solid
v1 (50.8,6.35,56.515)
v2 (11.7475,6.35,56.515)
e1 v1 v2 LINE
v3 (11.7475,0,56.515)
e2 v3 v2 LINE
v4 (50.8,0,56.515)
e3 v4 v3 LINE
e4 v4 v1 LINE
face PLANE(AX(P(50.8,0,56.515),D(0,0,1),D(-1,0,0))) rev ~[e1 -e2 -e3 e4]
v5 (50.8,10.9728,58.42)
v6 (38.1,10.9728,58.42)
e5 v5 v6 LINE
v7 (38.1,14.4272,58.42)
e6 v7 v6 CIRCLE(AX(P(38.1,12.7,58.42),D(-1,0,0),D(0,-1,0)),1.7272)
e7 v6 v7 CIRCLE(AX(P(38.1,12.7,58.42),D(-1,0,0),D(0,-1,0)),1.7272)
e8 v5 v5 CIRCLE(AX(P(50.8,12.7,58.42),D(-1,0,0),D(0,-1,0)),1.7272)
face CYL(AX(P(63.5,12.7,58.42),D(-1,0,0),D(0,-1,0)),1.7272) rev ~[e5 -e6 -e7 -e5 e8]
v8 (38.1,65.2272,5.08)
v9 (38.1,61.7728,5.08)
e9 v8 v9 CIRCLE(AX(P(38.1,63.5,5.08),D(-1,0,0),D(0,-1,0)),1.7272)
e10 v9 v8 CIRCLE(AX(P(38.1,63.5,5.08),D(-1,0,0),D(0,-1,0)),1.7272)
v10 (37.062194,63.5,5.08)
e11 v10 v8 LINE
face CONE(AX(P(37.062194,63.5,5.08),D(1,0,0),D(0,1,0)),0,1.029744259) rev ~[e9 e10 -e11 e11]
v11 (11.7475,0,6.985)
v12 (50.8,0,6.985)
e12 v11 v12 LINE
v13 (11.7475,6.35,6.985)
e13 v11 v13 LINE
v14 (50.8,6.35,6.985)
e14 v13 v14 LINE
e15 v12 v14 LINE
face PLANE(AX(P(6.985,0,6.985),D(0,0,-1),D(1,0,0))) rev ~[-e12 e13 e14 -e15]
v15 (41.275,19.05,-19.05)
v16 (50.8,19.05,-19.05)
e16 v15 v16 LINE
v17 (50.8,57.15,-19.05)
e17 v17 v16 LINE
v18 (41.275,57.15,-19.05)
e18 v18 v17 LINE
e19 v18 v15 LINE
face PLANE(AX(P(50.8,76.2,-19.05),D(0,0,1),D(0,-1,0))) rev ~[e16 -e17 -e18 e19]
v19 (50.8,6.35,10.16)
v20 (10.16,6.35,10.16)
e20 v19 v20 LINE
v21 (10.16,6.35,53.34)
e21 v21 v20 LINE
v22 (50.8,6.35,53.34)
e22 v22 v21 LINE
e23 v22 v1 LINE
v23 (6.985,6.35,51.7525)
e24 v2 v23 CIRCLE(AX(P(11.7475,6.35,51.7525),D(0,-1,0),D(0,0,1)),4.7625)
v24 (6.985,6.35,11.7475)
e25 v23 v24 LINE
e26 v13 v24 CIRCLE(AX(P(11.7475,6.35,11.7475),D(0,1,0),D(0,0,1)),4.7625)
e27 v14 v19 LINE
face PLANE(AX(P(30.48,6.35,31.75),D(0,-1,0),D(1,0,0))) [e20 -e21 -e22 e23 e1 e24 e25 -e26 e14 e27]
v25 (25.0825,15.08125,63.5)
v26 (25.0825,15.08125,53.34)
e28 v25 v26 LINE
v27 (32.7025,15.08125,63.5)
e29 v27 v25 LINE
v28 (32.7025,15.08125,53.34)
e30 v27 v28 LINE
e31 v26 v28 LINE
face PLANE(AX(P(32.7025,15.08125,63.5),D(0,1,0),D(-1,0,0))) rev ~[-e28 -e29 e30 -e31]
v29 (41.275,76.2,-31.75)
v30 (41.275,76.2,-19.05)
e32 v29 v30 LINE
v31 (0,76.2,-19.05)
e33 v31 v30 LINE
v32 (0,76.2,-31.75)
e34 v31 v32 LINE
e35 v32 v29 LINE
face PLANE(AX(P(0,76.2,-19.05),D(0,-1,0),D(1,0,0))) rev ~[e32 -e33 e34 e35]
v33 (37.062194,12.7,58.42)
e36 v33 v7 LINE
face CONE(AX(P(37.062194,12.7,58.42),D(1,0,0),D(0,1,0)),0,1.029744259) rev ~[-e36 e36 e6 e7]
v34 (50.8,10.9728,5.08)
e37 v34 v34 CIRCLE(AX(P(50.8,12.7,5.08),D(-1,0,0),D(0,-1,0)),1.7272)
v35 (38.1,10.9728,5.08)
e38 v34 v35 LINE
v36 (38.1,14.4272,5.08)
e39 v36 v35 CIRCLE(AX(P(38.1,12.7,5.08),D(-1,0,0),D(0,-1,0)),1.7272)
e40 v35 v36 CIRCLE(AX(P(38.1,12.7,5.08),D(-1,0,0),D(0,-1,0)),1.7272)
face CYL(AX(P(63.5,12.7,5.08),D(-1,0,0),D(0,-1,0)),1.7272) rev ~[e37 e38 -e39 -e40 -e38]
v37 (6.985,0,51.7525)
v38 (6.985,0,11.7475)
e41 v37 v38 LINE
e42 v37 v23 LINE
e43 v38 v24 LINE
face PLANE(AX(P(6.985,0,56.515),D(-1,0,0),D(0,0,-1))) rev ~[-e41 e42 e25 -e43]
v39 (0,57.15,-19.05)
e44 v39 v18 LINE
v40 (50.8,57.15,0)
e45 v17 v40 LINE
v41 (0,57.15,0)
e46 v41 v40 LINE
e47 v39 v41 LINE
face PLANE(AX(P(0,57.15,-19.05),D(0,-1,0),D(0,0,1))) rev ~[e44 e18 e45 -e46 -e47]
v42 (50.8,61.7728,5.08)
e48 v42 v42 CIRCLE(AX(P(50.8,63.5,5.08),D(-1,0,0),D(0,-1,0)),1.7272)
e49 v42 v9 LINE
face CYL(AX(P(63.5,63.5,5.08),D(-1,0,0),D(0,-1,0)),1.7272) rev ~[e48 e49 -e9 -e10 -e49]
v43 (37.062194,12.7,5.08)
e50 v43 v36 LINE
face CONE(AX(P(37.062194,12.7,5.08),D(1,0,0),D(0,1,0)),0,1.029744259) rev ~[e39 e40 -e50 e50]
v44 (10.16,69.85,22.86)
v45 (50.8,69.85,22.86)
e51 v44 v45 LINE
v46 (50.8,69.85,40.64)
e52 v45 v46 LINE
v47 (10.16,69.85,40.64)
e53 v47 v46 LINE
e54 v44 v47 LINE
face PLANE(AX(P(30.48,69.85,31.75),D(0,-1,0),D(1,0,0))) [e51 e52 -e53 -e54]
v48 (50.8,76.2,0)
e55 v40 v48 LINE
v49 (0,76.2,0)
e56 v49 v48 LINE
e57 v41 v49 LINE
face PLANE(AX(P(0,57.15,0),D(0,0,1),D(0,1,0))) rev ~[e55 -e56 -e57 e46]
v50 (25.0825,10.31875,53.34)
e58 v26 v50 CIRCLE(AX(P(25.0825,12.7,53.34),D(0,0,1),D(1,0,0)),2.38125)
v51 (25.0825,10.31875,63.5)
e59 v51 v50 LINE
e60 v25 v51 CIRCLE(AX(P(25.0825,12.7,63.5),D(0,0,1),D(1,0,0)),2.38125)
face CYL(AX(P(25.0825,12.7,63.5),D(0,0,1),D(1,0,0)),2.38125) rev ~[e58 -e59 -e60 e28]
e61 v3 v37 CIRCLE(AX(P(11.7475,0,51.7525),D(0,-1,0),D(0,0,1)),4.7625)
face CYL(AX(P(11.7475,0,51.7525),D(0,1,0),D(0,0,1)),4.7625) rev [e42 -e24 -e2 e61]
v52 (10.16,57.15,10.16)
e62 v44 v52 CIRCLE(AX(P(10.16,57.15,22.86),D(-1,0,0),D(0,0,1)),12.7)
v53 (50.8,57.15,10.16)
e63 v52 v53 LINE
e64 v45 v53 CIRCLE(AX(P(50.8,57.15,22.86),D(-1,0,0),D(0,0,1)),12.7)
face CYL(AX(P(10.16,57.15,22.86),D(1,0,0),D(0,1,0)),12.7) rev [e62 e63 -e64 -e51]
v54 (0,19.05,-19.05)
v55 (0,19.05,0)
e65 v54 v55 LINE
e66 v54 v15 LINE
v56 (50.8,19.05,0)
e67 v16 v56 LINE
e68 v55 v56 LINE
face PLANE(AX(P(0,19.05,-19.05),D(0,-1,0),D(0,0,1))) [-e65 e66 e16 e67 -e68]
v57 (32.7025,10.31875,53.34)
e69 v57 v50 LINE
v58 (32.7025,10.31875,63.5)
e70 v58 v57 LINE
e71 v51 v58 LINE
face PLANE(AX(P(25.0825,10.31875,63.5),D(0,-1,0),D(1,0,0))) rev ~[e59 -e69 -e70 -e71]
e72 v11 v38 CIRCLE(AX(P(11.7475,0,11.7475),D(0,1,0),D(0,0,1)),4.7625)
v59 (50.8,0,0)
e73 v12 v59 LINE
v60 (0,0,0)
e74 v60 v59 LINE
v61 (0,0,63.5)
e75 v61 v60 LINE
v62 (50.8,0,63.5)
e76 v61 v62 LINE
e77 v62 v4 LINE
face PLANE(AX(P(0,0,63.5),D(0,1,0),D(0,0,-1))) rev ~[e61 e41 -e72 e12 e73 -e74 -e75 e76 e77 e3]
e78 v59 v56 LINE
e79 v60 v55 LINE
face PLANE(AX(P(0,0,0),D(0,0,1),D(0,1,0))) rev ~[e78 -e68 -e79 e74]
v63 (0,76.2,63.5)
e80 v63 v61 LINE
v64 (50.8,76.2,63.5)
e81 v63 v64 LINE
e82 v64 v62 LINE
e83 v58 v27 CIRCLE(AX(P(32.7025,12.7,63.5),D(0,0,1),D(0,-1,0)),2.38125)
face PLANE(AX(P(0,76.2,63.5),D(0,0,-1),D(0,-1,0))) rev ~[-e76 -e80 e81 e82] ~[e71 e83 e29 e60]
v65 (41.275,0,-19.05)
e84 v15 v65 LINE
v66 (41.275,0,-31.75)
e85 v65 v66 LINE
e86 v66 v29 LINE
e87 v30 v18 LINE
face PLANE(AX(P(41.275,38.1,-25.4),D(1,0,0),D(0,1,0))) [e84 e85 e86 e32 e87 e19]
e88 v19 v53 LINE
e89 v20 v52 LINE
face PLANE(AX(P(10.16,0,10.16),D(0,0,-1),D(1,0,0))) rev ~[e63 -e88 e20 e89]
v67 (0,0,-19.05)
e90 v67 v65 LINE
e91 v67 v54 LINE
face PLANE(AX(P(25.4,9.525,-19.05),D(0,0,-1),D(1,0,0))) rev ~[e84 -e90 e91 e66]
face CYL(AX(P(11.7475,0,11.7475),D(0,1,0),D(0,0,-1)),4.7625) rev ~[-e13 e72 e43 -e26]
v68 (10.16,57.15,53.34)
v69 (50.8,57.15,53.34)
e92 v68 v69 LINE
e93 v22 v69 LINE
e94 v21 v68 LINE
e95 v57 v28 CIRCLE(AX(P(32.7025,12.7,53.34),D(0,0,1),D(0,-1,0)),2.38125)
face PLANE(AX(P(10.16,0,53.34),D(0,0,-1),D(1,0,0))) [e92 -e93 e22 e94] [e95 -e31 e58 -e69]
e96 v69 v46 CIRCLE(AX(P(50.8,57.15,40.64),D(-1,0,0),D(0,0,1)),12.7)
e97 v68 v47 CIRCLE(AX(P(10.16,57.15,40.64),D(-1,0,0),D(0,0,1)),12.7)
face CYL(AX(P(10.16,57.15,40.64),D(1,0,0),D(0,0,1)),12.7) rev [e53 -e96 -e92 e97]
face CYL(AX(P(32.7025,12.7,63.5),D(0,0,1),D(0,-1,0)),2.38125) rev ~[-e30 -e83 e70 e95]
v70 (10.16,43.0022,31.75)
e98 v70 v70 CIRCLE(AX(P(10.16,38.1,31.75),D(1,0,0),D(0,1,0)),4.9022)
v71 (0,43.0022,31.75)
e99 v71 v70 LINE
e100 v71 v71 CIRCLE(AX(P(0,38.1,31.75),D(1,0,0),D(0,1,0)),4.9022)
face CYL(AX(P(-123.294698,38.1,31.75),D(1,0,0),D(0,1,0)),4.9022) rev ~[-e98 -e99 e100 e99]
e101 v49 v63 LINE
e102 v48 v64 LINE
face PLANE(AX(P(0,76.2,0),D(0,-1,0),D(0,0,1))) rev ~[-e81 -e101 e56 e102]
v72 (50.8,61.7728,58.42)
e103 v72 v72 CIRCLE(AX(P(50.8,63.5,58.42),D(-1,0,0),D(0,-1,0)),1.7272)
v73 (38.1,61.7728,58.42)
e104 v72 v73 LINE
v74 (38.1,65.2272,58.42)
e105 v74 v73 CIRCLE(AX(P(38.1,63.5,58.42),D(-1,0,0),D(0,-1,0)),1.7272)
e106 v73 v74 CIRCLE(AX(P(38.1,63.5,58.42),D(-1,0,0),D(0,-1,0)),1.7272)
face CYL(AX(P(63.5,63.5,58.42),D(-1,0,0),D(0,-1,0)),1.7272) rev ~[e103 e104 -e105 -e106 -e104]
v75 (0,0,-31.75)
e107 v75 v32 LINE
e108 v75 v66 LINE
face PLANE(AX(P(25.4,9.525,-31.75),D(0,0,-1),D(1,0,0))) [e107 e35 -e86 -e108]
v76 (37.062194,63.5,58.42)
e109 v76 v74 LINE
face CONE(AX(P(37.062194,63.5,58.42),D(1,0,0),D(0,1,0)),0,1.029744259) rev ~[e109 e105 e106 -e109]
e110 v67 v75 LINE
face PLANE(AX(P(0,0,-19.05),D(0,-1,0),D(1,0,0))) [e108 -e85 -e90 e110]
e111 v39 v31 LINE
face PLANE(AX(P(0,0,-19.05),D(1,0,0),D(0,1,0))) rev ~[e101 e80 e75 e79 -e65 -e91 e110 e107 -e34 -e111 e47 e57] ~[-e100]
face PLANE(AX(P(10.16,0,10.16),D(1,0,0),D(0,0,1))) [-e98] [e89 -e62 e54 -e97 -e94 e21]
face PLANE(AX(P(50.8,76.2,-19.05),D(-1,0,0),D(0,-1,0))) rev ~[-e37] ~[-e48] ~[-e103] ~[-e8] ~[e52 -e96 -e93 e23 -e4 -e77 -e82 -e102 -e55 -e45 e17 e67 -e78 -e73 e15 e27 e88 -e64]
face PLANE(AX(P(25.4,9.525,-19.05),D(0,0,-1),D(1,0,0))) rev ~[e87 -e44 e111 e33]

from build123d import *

# Parameters (mm, degrees)
F0_W      = 38.1
F0_H      = 19.05
F1_DEPTH  = 50.8
F3_D      = 9.8044
F4_W      = 50.8
F4_H      = 19.05
F4_H_2    = 38.1
F5_DEPTH  = 12.7
F7_W      = 40.64
F7_H      = 43.18
F8_DEPTH  = 69.85
F9_W      = 40.64
F9_H      = 43.18
F10_DEPTH = 6.35
F12_DEPTH = 9.525
F14_D     = 3.4544
F14_DEPTH = 12.7
F14_TIP   = 1.0378064612
F15_R     = 12.7
F16_R     = 12.7
F17_R     = 4.7625
F19_DEPTH = 25.4


with BuildPart() as f1:
    # F0 (on Right) → F1 (new body)
    with BuildSketch(Plane.YZ):
        Polygon((0, 63.5), (0, 0), (19.05, 0), (57.15, 0), (76.2, 0), (76.2, 63.5), align=None)
        with Locations((38.1, -9.525)):
            Rectangle(F0_W, F0_H)
    extrude(amount=F1_DEPTH)

    # F3 (through all)
    with Locations(Plane(origin=(0, 0, 0), x_dir=(0, -1, 0), z_dir=(-1, 0, 0))):
        with Locations((-38.1, 31.75)):
            Hole(F3_D / 2)

    # F4 (on face) → F5 (join)
    with BuildSketch(Plane(origin=(0, 0, -19.05), x_dir=(1, 0, 0), z_dir=(0, 0, -1))):
        with Locations((25.4, -9.525)):
            Rectangle(F4_W, F4_H)
        with Locations((25.4, -66.675)):
            Rectangle(F4_W, F4_H)
        with Locations((25.4, -38.1)):
            Rectangle(F4_W, F4_H_2)
    extrude(amount=F5_DEPTH)

    # F7 (on face) → F8 (cut)
    with BuildSketch(Plane.XZ):
        with Locations((30.48, 31.75)):
            Rectangle(F7_W, F7_H)
    extrude(amount=-F8_DEPTH, mode=Mode.SUBTRACT)

    # F9 (on face) → F10 (cut)
    with BuildSketch(Plane.XZ):
        with Locations((30.48, 31.75)):
            Rectangle(F9_W, F9_H)
        Polygon((50.8, 53.34), (50.8, 56.515), (6.985, 56.515), (6.985, 6.985), (50.8, 6.985), (50.8, 10.16), (10.16, 10.16), (10.16, 53.34), align=None)
    extrude(amount=-F10_DEPTH, mode=Mode.SUBTRACT)

    # F11 (on face) → F12 (cut)
    with BuildSketch(Plane.YZ.offset(50.8)):
        Polygon((19.05, -19.05), (0, -19.05), (0, -31.75), (76.2, -31.75), (76.2, -19.05), (57.15, -19.05), align=None)
    extrude(amount=-F12_DEPTH, mode=Mode.SUBTRACT)

    # F14
    with Locations(Plane.YZ.offset(50.8)):
        with Locations((12.7, 58.42), (63.5, 58.42), (12.7, 5.08), (63.5, 5.08)):
            Hole(F14_D / 2, depth=F14_DEPTH)
            with Locations((0, 0, -(F14_DEPTH + F14_TIP / 2))):  # 118° drill point
                Cone(0, F14_D / 2, F14_TIP, mode=Mode.SUBTRACT)

    # F15
    f15_edges = [f1.edges().sort_by_distance(p)[0] for p in [
        (30.48, 69.85, 53.34),
    ]]
    fillet(f15_edges, radius=F15_R)

    # F16
    f16_edges = [f1.edges().sort_by_distance(p)[0] for p in [
        (30.48, 69.85, 10.16),
    ]]
    fillet(f16_edges, radius=F16_R)

    # F17
    f17_edges = [f1.edges().sort_by_distance(p)[0] for p in [
        (6.985, 3.175, 56.515),
        (6.985, 3.175, 6.985),
    ]]
    fillet(f17_edges, radius=F17_R)

    # F18 (on face) → F19 (cut)
    with BuildSketch(Plane.XY.offset(63.5)):
        with BuildLine():
            ThreePointArc((25.0825, 15.08125), (26.7662980227, 14.3837980227), (27.46375, 12.7))
            ThreePointArc((27.46375, 12.7), (26.7662980227, 11.0162019773), (25.0825, 10.31875))
            Line((25.0825, 10.31875), (32.7025, 10.31875))
            ThreePointArc((32.7025, 10.31875), (30.32125, 12.7), (32.7025, 15.08125))
            Line((32.7025, 15.08125), (25.0825, 15.08125))
        make_face()
        with BuildLine():
            ThreePointArc((35.08375, 12.7), (34.3862980227, 14.3837980227), (32.7025, 15.08125))
            ThreePointArc((32.7025, 15.08125), (30.32125, 12.7), (32.7025, 10.31875))
            ThreePointArc((32.7025, 10.31875), (34.3862980227, 11.0162019773), (35.08375, 12.7))
        make_face()
        with BuildLine():
            ThreePointArc((25.0825, 10.31875), (26.7662980227, 11.0162019773), (27.46375, 12.7))
            ThreePointArc((27.46375, 12.7), (26.7662980227, 14.3837980227), (25.0825, 15.08125))
            ThreePointArc((25.0825, 15.08125), (22.70125, 12.7), (25.0825, 10.31875))
        make_face()
    extrude(amount=-F19_DEPTH, mode=Mode.SUBTRACT)


solid = f1.part
